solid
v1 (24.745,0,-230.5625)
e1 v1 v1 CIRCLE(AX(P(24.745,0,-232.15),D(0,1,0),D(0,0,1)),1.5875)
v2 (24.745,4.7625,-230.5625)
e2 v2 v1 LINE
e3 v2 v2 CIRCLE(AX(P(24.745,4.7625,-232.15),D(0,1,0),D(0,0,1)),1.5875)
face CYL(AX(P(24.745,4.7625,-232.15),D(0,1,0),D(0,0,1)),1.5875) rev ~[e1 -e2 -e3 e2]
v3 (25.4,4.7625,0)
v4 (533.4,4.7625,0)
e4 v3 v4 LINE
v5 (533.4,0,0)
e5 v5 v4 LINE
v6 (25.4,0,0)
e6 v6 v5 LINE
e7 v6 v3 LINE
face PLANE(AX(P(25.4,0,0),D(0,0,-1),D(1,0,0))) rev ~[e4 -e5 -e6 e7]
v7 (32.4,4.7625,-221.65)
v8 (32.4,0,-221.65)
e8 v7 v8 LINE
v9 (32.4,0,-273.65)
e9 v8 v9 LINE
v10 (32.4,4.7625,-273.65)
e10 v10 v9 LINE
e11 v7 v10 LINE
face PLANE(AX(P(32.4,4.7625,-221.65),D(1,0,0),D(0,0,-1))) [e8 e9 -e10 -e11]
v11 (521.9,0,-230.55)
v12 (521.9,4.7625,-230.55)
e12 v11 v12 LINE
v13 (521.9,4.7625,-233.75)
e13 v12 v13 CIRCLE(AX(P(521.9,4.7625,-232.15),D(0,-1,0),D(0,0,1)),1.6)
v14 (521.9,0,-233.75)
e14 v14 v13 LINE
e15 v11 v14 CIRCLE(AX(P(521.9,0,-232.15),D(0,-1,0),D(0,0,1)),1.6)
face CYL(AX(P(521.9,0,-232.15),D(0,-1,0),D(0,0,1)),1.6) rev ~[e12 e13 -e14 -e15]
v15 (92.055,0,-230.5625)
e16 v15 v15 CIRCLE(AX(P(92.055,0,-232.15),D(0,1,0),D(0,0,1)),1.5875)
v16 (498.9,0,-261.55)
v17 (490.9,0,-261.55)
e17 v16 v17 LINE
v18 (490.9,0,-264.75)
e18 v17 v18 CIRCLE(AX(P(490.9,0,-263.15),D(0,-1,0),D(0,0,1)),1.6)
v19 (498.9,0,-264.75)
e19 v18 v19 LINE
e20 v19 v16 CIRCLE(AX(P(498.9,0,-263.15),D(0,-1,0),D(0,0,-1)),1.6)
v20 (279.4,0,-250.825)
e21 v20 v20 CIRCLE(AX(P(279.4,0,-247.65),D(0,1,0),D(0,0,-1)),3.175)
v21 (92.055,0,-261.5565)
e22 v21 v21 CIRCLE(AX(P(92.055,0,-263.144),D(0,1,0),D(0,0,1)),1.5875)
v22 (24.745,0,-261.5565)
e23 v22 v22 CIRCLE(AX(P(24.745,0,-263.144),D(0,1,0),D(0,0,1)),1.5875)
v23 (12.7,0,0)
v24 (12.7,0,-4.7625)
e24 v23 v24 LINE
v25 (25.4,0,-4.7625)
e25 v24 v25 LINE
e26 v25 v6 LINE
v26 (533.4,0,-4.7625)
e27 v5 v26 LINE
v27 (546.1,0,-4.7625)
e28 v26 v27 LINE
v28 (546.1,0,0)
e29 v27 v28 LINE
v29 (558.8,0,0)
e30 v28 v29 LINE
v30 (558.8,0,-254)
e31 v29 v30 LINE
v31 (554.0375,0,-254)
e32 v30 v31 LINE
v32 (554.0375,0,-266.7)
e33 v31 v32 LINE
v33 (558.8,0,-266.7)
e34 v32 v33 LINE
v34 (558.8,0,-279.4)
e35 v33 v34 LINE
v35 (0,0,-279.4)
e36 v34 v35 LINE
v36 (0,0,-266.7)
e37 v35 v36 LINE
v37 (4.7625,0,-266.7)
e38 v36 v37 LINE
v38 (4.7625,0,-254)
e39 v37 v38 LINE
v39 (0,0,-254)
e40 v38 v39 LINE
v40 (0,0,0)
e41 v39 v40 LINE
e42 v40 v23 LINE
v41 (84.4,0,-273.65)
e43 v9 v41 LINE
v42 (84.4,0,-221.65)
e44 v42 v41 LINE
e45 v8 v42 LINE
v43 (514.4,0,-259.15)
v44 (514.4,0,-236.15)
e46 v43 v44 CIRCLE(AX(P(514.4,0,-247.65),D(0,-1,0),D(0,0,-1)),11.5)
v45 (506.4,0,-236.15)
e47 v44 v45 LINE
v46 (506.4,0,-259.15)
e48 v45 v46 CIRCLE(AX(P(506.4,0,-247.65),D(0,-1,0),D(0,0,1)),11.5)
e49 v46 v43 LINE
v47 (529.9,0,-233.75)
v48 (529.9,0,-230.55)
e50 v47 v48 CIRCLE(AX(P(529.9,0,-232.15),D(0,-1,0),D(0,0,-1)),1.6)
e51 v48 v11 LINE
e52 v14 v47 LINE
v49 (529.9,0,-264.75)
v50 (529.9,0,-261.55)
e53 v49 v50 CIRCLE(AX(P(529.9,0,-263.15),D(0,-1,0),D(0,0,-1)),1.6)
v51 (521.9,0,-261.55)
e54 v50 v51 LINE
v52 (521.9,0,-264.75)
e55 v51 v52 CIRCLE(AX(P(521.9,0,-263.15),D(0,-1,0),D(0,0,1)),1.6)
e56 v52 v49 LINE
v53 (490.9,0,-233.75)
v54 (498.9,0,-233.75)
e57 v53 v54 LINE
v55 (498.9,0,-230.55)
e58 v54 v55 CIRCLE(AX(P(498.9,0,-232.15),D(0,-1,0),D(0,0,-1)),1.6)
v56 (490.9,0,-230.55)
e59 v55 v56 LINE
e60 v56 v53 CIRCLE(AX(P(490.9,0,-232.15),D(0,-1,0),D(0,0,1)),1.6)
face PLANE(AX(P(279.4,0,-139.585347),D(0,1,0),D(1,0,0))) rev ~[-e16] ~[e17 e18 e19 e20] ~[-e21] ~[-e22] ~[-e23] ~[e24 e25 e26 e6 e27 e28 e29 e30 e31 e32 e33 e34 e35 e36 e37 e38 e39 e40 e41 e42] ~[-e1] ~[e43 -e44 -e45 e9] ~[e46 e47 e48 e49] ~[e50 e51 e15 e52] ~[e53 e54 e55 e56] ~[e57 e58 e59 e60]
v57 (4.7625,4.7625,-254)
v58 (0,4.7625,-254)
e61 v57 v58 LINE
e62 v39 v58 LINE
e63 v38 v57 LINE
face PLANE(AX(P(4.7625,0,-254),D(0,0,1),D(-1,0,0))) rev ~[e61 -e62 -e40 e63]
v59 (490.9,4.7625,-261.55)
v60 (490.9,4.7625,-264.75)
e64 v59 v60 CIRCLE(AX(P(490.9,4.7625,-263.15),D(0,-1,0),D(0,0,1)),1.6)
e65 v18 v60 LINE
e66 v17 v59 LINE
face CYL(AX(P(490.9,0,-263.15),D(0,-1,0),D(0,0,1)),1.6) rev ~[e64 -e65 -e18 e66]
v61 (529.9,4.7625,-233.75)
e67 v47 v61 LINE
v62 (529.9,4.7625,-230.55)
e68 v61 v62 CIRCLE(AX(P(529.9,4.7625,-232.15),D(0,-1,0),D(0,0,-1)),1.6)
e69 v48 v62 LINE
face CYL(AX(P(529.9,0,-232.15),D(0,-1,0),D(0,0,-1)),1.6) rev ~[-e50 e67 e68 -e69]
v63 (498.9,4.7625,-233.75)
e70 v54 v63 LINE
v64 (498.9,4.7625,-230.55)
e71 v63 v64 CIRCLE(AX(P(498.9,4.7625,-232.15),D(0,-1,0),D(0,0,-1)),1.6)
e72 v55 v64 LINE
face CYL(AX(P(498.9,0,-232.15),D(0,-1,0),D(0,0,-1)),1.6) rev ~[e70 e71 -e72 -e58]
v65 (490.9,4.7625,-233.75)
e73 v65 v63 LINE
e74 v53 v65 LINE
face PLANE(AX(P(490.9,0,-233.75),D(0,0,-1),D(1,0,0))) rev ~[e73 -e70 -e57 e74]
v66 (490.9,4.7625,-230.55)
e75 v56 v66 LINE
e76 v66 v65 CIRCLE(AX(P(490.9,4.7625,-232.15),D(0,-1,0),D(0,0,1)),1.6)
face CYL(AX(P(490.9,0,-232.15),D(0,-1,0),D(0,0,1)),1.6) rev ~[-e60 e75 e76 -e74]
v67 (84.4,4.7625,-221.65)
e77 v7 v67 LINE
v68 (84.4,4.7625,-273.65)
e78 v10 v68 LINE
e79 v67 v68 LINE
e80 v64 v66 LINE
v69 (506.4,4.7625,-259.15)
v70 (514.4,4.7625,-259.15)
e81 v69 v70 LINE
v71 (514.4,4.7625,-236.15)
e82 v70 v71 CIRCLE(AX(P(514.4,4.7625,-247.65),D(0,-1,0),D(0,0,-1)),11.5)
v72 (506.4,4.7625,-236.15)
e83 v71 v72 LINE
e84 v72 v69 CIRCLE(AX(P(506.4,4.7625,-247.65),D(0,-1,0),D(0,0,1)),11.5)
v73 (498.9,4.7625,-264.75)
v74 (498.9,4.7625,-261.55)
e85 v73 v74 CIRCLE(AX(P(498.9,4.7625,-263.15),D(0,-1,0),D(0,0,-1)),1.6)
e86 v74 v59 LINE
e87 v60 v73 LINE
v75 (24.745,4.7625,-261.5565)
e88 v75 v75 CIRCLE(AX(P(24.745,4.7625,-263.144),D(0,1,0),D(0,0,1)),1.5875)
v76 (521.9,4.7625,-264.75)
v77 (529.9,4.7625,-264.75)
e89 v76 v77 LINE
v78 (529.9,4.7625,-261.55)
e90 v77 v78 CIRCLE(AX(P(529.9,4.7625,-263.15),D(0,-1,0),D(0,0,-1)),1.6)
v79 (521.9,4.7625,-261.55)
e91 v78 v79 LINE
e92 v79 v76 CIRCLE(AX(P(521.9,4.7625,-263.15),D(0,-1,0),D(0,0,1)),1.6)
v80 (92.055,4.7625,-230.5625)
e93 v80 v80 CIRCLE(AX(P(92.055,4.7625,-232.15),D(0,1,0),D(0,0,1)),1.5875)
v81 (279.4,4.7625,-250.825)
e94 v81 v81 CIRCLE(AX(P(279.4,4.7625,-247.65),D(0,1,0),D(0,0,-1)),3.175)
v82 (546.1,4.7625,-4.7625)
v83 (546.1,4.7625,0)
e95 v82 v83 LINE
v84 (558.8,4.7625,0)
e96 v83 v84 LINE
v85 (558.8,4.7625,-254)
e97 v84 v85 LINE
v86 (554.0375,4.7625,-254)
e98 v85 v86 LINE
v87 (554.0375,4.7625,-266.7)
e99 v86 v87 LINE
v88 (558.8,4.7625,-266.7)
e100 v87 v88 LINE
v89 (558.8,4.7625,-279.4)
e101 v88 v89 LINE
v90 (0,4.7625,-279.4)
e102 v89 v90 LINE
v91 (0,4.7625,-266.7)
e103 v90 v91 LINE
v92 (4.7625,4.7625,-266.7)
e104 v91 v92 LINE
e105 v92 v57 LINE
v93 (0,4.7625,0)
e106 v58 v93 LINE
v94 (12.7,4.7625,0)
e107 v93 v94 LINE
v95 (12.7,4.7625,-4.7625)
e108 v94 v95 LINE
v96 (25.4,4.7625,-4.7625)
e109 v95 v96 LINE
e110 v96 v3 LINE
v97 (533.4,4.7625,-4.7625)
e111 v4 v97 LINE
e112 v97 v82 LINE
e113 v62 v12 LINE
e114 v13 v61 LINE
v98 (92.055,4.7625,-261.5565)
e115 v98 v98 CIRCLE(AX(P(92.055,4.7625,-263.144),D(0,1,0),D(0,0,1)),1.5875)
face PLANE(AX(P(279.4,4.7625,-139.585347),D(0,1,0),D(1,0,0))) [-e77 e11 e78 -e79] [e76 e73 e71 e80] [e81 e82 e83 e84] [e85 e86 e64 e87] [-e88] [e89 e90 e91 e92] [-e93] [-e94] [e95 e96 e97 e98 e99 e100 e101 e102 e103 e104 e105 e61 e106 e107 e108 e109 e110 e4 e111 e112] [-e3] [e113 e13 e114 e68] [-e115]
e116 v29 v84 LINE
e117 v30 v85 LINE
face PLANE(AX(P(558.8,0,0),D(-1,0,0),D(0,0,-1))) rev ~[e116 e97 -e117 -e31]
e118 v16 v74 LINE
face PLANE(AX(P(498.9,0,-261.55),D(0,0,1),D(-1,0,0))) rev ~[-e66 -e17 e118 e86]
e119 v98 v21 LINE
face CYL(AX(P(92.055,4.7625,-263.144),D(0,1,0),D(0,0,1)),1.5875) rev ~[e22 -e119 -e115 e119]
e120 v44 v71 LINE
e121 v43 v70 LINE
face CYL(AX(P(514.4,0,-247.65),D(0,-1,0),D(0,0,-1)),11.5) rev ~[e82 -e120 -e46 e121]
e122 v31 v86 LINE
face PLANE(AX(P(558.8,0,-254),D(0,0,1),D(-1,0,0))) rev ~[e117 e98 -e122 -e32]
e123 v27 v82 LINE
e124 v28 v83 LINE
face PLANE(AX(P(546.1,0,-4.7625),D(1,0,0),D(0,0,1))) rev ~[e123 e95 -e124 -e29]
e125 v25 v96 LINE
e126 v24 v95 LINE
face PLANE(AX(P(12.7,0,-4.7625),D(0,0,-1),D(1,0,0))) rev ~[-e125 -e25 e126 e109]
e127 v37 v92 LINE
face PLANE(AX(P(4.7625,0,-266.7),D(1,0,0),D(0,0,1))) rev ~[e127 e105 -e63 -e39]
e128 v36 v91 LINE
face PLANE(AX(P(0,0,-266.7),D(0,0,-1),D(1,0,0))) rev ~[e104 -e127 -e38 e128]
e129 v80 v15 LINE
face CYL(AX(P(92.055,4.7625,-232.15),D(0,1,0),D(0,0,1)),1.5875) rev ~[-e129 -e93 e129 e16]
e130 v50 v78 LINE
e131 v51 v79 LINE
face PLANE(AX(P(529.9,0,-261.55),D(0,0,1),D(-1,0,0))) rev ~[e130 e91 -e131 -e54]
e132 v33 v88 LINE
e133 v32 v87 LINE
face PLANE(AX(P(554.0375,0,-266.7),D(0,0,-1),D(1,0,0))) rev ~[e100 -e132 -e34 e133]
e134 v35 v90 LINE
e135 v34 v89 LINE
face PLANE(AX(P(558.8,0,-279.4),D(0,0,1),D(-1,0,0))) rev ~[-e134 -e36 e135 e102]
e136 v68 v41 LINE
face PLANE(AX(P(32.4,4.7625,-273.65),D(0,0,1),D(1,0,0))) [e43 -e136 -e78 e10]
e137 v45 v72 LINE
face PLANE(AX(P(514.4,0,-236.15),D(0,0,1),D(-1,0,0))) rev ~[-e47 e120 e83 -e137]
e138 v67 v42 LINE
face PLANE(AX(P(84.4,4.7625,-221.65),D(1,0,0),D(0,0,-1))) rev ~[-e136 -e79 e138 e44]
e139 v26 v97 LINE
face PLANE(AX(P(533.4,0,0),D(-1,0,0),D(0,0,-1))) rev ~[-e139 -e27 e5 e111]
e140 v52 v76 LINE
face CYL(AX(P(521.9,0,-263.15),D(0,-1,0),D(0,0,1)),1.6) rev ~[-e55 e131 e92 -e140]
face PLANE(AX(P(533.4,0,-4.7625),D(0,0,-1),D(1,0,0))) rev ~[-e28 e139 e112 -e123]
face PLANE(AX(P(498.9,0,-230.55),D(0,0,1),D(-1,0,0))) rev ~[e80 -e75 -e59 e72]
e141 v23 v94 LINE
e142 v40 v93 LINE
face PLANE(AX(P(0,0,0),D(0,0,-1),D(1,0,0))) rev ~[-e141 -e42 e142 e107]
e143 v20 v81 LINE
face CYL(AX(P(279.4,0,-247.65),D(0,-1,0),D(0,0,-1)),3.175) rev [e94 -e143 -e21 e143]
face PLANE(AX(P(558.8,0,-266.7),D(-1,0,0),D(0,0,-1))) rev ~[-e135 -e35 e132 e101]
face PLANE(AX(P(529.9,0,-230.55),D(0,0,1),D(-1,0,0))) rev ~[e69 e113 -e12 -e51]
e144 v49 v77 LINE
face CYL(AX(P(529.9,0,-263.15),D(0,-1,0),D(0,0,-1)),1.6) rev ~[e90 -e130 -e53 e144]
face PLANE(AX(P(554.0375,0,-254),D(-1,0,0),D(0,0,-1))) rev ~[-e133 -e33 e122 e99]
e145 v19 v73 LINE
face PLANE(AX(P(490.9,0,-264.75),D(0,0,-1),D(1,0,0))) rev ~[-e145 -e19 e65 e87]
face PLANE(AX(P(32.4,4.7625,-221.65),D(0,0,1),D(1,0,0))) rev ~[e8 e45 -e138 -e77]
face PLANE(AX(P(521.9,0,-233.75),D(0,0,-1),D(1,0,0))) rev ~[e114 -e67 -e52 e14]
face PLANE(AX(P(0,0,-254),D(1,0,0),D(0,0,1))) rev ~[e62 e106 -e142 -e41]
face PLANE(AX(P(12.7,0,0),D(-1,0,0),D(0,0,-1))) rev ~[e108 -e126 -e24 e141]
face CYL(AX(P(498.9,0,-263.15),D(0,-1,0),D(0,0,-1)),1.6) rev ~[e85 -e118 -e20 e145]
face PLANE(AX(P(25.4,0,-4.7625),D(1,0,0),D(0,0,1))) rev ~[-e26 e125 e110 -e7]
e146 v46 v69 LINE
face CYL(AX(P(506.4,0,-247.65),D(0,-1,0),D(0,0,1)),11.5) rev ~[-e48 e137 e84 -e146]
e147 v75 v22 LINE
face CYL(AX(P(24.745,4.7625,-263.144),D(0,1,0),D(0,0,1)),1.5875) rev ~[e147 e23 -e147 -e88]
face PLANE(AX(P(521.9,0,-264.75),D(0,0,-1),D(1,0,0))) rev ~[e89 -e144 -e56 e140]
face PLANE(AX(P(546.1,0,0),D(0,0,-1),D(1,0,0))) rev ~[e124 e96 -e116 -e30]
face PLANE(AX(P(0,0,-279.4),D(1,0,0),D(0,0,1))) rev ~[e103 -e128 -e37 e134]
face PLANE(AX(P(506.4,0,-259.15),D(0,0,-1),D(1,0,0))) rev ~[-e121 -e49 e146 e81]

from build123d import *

# Parameters (mm, degrees)
SKETCH1_R           = 3.175
BOSS_EXTRUDE1_DEPTH = 4.7625
SKETCH5_R           = 1.5875
SKETCH5_W           = 51.999999886
SKETCH5_H           = 51.999999886
CUT_EXTRUDE2_DEPTH  = 625.775544821


with BuildPart() as part:
    # Sketch1 → Boss-Extrude1 (new body)
    with BuildSketch(Plane(origin=(0, 0, 0), x_dir=(1, 0, 0), z_dir=(0, 1, 0))):
        Polygon((0, 0), (12.7, 0), (12.7, 4.7625), (25.4, 4.7625), (25.4, 0), (533.4, 0), (533.4, 4.7625), (546.1, 4.7625), (546.1, 0), (558.8, 0), (558.8, 254), (554.0375, 254), (554.0375, 266.7), (558.8, 266.7), (558.8, 279.4), (0, 279.4), (0, 266.7), (4.7625, 266.7), (4.7625, 254), (0, 254), align=None)
        with Locations(Location((279.4, 247.65, 0), (0, 0, 90))):
            Circle(SKETCH1_R, mode=Mode.SUBTRACT)
        with BuildLine():
            Line((38.9, 264.75), (46.9, 264.75))
            ThreePointArc((46.9, 264.75), (48.5, 263.15), (46.9, 261.55))
            Line((46.9, 261.55), (38.9, 261.55))
            ThreePointArc((38.9, 261.55), (37.3, 263.15), (38.9, 264.75))
        make_face(mode=Mode.SUBTRACT)
        with BuildLine():
            Line((69.9, 264.75), (77.9, 264.75))
            ThreePointArc((77.9, 264.75), (79.5, 263.15), (77.9, 261.55))
            Line((77.9, 261.55), (69.9, 261.55))
            ThreePointArc((69.9, 261.55), (68.3, 263.15), (69.9, 264.75))
        make_face(mode=Mode.SUBTRACT)
        with BuildLine():
            Line((38.9, 233.75), (46.9, 233.75))
            ThreePointArc((46.9, 233.75), (48.5, 232.15), (46.9, 230.55))
            Line((46.9, 230.55), (38.9, 230.55))
            ThreePointArc((38.9, 230.55), (37.3, 232.15), (38.9, 233.75))
        make_face(mode=Mode.SUBTRACT)
        with BuildLine():
            Line((69.9, 233.75), (77.9, 233.75))
            ThreePointArc((77.9, 233.75), (79.5, 232.15), (77.9, 230.55))
            Line((77.9, 230.55), (69.9, 230.55))
            ThreePointArc((69.9, 230.55), (68.3, 232.15), (69.9, 233.75))
        make_face(mode=Mode.SUBTRACT)
        with BuildLine():
            Line((490.9, 264.75), (498.9, 264.75))
            ThreePointArc((498.9, 264.75), (500.5, 263.15), (498.9, 261.55))
            Line((498.9, 261.55), (490.9, 261.55))
            ThreePointArc((490.9, 261.55), (489.3, 263.15), (490.9, 264.75))
        make_face(mode=Mode.SUBTRACT)
        with BuildLine():
            Line((490.9, 233.75), (498.9, 233.75))
            ThreePointArc((498.9, 233.75), (500.5, 232.15), (498.9, 230.55))
            Line((498.9, 230.55), (490.9, 230.55))
            ThreePointArc((490.9, 230.55), (489.3, 232.15), (490.9, 233.75))
        make_face(mode=Mode.SUBTRACT)
        with BuildLine():
            Line((521.9, 233.75), (529.9, 233.75))
            ThreePointArc((529.9, 233.75), (531.5, 232.15), (529.9, 230.55))
            Line((529.9, 230.55), (521.9, 230.55))
            ThreePointArc((521.9, 230.55), (520.3, 232.15), (521.9, 233.75))
        make_face(mode=Mode.SUBTRACT)
        with BuildLine():
            Line((529.9, 261.55), (521.9, 261.55))
            ThreePointArc((521.9, 261.55), (520.3, 263.15), (521.9, 264.75))
            Line((521.9, 264.75), (529.9, 264.75))
            ThreePointArc((529.9, 264.75), (531.5, 263.15), (529.9, 261.55))
        make_face(mode=Mode.SUBTRACT)
        with BuildLine():
            Line((54.4, 259.15), (62.4, 259.15))
            ThreePointArc((62.4, 259.15), (73.9, 247.65), (62.4, 236.15))
            Line((62.4, 236.15), (54.4, 236.15))
            ThreePointArc((54.4, 236.15), (42.9, 247.65), (54.4, 259.15))
        make_face(mode=Mode.SUBTRACT)
        with BuildLine():
            Line((506.4, 259.15), (514.4, 259.15))
            ThreePointArc((514.4, 259.15), (525.9, 247.65), (514.4, 236.15))
            Line((514.4, 236.15), (506.4, 236.15))
            ThreePointArc((506.4, 236.15), (494.9, 247.65), (506.4, 259.15))
        make_face(mode=Mode.SUBTRACT)
    extrude(amount=BOSS_EXTRUDE1_DEPTH)

    # Sketch5 → Cut-Extrude2 (cut, through all)
    with BuildSketch(Plane(origin=(0, 4.7625, 0), x_dir=(1, 0, 0), z_dir=(0, 1, 0))):
        with Locations(Location((24.745, 263.144, 0), (0, 0, 270))):
            Circle(SKETCH5_R)
        with Locations(Location((24.745, 232.15, 0), (0, 0, 270))):
            Circle(SKETCH5_R)
        with Locations(Location((92.055, 263.144, 0), (0, 0, 270))):
            Circle(SKETCH5_R)
        with Locations(Location((92.055, 232.15, 0), (0, 0, 270))):
            Circle(SKETCH5_R)
        with Locations((58.4, 247.65)):
            Rectangle(SKETCH5_W, SKETCH5_H)
    extrude(amount=-CUT_EXTRUDE2_DEPTH, mode=Mode.SUBTRACT)


solid = part.part
